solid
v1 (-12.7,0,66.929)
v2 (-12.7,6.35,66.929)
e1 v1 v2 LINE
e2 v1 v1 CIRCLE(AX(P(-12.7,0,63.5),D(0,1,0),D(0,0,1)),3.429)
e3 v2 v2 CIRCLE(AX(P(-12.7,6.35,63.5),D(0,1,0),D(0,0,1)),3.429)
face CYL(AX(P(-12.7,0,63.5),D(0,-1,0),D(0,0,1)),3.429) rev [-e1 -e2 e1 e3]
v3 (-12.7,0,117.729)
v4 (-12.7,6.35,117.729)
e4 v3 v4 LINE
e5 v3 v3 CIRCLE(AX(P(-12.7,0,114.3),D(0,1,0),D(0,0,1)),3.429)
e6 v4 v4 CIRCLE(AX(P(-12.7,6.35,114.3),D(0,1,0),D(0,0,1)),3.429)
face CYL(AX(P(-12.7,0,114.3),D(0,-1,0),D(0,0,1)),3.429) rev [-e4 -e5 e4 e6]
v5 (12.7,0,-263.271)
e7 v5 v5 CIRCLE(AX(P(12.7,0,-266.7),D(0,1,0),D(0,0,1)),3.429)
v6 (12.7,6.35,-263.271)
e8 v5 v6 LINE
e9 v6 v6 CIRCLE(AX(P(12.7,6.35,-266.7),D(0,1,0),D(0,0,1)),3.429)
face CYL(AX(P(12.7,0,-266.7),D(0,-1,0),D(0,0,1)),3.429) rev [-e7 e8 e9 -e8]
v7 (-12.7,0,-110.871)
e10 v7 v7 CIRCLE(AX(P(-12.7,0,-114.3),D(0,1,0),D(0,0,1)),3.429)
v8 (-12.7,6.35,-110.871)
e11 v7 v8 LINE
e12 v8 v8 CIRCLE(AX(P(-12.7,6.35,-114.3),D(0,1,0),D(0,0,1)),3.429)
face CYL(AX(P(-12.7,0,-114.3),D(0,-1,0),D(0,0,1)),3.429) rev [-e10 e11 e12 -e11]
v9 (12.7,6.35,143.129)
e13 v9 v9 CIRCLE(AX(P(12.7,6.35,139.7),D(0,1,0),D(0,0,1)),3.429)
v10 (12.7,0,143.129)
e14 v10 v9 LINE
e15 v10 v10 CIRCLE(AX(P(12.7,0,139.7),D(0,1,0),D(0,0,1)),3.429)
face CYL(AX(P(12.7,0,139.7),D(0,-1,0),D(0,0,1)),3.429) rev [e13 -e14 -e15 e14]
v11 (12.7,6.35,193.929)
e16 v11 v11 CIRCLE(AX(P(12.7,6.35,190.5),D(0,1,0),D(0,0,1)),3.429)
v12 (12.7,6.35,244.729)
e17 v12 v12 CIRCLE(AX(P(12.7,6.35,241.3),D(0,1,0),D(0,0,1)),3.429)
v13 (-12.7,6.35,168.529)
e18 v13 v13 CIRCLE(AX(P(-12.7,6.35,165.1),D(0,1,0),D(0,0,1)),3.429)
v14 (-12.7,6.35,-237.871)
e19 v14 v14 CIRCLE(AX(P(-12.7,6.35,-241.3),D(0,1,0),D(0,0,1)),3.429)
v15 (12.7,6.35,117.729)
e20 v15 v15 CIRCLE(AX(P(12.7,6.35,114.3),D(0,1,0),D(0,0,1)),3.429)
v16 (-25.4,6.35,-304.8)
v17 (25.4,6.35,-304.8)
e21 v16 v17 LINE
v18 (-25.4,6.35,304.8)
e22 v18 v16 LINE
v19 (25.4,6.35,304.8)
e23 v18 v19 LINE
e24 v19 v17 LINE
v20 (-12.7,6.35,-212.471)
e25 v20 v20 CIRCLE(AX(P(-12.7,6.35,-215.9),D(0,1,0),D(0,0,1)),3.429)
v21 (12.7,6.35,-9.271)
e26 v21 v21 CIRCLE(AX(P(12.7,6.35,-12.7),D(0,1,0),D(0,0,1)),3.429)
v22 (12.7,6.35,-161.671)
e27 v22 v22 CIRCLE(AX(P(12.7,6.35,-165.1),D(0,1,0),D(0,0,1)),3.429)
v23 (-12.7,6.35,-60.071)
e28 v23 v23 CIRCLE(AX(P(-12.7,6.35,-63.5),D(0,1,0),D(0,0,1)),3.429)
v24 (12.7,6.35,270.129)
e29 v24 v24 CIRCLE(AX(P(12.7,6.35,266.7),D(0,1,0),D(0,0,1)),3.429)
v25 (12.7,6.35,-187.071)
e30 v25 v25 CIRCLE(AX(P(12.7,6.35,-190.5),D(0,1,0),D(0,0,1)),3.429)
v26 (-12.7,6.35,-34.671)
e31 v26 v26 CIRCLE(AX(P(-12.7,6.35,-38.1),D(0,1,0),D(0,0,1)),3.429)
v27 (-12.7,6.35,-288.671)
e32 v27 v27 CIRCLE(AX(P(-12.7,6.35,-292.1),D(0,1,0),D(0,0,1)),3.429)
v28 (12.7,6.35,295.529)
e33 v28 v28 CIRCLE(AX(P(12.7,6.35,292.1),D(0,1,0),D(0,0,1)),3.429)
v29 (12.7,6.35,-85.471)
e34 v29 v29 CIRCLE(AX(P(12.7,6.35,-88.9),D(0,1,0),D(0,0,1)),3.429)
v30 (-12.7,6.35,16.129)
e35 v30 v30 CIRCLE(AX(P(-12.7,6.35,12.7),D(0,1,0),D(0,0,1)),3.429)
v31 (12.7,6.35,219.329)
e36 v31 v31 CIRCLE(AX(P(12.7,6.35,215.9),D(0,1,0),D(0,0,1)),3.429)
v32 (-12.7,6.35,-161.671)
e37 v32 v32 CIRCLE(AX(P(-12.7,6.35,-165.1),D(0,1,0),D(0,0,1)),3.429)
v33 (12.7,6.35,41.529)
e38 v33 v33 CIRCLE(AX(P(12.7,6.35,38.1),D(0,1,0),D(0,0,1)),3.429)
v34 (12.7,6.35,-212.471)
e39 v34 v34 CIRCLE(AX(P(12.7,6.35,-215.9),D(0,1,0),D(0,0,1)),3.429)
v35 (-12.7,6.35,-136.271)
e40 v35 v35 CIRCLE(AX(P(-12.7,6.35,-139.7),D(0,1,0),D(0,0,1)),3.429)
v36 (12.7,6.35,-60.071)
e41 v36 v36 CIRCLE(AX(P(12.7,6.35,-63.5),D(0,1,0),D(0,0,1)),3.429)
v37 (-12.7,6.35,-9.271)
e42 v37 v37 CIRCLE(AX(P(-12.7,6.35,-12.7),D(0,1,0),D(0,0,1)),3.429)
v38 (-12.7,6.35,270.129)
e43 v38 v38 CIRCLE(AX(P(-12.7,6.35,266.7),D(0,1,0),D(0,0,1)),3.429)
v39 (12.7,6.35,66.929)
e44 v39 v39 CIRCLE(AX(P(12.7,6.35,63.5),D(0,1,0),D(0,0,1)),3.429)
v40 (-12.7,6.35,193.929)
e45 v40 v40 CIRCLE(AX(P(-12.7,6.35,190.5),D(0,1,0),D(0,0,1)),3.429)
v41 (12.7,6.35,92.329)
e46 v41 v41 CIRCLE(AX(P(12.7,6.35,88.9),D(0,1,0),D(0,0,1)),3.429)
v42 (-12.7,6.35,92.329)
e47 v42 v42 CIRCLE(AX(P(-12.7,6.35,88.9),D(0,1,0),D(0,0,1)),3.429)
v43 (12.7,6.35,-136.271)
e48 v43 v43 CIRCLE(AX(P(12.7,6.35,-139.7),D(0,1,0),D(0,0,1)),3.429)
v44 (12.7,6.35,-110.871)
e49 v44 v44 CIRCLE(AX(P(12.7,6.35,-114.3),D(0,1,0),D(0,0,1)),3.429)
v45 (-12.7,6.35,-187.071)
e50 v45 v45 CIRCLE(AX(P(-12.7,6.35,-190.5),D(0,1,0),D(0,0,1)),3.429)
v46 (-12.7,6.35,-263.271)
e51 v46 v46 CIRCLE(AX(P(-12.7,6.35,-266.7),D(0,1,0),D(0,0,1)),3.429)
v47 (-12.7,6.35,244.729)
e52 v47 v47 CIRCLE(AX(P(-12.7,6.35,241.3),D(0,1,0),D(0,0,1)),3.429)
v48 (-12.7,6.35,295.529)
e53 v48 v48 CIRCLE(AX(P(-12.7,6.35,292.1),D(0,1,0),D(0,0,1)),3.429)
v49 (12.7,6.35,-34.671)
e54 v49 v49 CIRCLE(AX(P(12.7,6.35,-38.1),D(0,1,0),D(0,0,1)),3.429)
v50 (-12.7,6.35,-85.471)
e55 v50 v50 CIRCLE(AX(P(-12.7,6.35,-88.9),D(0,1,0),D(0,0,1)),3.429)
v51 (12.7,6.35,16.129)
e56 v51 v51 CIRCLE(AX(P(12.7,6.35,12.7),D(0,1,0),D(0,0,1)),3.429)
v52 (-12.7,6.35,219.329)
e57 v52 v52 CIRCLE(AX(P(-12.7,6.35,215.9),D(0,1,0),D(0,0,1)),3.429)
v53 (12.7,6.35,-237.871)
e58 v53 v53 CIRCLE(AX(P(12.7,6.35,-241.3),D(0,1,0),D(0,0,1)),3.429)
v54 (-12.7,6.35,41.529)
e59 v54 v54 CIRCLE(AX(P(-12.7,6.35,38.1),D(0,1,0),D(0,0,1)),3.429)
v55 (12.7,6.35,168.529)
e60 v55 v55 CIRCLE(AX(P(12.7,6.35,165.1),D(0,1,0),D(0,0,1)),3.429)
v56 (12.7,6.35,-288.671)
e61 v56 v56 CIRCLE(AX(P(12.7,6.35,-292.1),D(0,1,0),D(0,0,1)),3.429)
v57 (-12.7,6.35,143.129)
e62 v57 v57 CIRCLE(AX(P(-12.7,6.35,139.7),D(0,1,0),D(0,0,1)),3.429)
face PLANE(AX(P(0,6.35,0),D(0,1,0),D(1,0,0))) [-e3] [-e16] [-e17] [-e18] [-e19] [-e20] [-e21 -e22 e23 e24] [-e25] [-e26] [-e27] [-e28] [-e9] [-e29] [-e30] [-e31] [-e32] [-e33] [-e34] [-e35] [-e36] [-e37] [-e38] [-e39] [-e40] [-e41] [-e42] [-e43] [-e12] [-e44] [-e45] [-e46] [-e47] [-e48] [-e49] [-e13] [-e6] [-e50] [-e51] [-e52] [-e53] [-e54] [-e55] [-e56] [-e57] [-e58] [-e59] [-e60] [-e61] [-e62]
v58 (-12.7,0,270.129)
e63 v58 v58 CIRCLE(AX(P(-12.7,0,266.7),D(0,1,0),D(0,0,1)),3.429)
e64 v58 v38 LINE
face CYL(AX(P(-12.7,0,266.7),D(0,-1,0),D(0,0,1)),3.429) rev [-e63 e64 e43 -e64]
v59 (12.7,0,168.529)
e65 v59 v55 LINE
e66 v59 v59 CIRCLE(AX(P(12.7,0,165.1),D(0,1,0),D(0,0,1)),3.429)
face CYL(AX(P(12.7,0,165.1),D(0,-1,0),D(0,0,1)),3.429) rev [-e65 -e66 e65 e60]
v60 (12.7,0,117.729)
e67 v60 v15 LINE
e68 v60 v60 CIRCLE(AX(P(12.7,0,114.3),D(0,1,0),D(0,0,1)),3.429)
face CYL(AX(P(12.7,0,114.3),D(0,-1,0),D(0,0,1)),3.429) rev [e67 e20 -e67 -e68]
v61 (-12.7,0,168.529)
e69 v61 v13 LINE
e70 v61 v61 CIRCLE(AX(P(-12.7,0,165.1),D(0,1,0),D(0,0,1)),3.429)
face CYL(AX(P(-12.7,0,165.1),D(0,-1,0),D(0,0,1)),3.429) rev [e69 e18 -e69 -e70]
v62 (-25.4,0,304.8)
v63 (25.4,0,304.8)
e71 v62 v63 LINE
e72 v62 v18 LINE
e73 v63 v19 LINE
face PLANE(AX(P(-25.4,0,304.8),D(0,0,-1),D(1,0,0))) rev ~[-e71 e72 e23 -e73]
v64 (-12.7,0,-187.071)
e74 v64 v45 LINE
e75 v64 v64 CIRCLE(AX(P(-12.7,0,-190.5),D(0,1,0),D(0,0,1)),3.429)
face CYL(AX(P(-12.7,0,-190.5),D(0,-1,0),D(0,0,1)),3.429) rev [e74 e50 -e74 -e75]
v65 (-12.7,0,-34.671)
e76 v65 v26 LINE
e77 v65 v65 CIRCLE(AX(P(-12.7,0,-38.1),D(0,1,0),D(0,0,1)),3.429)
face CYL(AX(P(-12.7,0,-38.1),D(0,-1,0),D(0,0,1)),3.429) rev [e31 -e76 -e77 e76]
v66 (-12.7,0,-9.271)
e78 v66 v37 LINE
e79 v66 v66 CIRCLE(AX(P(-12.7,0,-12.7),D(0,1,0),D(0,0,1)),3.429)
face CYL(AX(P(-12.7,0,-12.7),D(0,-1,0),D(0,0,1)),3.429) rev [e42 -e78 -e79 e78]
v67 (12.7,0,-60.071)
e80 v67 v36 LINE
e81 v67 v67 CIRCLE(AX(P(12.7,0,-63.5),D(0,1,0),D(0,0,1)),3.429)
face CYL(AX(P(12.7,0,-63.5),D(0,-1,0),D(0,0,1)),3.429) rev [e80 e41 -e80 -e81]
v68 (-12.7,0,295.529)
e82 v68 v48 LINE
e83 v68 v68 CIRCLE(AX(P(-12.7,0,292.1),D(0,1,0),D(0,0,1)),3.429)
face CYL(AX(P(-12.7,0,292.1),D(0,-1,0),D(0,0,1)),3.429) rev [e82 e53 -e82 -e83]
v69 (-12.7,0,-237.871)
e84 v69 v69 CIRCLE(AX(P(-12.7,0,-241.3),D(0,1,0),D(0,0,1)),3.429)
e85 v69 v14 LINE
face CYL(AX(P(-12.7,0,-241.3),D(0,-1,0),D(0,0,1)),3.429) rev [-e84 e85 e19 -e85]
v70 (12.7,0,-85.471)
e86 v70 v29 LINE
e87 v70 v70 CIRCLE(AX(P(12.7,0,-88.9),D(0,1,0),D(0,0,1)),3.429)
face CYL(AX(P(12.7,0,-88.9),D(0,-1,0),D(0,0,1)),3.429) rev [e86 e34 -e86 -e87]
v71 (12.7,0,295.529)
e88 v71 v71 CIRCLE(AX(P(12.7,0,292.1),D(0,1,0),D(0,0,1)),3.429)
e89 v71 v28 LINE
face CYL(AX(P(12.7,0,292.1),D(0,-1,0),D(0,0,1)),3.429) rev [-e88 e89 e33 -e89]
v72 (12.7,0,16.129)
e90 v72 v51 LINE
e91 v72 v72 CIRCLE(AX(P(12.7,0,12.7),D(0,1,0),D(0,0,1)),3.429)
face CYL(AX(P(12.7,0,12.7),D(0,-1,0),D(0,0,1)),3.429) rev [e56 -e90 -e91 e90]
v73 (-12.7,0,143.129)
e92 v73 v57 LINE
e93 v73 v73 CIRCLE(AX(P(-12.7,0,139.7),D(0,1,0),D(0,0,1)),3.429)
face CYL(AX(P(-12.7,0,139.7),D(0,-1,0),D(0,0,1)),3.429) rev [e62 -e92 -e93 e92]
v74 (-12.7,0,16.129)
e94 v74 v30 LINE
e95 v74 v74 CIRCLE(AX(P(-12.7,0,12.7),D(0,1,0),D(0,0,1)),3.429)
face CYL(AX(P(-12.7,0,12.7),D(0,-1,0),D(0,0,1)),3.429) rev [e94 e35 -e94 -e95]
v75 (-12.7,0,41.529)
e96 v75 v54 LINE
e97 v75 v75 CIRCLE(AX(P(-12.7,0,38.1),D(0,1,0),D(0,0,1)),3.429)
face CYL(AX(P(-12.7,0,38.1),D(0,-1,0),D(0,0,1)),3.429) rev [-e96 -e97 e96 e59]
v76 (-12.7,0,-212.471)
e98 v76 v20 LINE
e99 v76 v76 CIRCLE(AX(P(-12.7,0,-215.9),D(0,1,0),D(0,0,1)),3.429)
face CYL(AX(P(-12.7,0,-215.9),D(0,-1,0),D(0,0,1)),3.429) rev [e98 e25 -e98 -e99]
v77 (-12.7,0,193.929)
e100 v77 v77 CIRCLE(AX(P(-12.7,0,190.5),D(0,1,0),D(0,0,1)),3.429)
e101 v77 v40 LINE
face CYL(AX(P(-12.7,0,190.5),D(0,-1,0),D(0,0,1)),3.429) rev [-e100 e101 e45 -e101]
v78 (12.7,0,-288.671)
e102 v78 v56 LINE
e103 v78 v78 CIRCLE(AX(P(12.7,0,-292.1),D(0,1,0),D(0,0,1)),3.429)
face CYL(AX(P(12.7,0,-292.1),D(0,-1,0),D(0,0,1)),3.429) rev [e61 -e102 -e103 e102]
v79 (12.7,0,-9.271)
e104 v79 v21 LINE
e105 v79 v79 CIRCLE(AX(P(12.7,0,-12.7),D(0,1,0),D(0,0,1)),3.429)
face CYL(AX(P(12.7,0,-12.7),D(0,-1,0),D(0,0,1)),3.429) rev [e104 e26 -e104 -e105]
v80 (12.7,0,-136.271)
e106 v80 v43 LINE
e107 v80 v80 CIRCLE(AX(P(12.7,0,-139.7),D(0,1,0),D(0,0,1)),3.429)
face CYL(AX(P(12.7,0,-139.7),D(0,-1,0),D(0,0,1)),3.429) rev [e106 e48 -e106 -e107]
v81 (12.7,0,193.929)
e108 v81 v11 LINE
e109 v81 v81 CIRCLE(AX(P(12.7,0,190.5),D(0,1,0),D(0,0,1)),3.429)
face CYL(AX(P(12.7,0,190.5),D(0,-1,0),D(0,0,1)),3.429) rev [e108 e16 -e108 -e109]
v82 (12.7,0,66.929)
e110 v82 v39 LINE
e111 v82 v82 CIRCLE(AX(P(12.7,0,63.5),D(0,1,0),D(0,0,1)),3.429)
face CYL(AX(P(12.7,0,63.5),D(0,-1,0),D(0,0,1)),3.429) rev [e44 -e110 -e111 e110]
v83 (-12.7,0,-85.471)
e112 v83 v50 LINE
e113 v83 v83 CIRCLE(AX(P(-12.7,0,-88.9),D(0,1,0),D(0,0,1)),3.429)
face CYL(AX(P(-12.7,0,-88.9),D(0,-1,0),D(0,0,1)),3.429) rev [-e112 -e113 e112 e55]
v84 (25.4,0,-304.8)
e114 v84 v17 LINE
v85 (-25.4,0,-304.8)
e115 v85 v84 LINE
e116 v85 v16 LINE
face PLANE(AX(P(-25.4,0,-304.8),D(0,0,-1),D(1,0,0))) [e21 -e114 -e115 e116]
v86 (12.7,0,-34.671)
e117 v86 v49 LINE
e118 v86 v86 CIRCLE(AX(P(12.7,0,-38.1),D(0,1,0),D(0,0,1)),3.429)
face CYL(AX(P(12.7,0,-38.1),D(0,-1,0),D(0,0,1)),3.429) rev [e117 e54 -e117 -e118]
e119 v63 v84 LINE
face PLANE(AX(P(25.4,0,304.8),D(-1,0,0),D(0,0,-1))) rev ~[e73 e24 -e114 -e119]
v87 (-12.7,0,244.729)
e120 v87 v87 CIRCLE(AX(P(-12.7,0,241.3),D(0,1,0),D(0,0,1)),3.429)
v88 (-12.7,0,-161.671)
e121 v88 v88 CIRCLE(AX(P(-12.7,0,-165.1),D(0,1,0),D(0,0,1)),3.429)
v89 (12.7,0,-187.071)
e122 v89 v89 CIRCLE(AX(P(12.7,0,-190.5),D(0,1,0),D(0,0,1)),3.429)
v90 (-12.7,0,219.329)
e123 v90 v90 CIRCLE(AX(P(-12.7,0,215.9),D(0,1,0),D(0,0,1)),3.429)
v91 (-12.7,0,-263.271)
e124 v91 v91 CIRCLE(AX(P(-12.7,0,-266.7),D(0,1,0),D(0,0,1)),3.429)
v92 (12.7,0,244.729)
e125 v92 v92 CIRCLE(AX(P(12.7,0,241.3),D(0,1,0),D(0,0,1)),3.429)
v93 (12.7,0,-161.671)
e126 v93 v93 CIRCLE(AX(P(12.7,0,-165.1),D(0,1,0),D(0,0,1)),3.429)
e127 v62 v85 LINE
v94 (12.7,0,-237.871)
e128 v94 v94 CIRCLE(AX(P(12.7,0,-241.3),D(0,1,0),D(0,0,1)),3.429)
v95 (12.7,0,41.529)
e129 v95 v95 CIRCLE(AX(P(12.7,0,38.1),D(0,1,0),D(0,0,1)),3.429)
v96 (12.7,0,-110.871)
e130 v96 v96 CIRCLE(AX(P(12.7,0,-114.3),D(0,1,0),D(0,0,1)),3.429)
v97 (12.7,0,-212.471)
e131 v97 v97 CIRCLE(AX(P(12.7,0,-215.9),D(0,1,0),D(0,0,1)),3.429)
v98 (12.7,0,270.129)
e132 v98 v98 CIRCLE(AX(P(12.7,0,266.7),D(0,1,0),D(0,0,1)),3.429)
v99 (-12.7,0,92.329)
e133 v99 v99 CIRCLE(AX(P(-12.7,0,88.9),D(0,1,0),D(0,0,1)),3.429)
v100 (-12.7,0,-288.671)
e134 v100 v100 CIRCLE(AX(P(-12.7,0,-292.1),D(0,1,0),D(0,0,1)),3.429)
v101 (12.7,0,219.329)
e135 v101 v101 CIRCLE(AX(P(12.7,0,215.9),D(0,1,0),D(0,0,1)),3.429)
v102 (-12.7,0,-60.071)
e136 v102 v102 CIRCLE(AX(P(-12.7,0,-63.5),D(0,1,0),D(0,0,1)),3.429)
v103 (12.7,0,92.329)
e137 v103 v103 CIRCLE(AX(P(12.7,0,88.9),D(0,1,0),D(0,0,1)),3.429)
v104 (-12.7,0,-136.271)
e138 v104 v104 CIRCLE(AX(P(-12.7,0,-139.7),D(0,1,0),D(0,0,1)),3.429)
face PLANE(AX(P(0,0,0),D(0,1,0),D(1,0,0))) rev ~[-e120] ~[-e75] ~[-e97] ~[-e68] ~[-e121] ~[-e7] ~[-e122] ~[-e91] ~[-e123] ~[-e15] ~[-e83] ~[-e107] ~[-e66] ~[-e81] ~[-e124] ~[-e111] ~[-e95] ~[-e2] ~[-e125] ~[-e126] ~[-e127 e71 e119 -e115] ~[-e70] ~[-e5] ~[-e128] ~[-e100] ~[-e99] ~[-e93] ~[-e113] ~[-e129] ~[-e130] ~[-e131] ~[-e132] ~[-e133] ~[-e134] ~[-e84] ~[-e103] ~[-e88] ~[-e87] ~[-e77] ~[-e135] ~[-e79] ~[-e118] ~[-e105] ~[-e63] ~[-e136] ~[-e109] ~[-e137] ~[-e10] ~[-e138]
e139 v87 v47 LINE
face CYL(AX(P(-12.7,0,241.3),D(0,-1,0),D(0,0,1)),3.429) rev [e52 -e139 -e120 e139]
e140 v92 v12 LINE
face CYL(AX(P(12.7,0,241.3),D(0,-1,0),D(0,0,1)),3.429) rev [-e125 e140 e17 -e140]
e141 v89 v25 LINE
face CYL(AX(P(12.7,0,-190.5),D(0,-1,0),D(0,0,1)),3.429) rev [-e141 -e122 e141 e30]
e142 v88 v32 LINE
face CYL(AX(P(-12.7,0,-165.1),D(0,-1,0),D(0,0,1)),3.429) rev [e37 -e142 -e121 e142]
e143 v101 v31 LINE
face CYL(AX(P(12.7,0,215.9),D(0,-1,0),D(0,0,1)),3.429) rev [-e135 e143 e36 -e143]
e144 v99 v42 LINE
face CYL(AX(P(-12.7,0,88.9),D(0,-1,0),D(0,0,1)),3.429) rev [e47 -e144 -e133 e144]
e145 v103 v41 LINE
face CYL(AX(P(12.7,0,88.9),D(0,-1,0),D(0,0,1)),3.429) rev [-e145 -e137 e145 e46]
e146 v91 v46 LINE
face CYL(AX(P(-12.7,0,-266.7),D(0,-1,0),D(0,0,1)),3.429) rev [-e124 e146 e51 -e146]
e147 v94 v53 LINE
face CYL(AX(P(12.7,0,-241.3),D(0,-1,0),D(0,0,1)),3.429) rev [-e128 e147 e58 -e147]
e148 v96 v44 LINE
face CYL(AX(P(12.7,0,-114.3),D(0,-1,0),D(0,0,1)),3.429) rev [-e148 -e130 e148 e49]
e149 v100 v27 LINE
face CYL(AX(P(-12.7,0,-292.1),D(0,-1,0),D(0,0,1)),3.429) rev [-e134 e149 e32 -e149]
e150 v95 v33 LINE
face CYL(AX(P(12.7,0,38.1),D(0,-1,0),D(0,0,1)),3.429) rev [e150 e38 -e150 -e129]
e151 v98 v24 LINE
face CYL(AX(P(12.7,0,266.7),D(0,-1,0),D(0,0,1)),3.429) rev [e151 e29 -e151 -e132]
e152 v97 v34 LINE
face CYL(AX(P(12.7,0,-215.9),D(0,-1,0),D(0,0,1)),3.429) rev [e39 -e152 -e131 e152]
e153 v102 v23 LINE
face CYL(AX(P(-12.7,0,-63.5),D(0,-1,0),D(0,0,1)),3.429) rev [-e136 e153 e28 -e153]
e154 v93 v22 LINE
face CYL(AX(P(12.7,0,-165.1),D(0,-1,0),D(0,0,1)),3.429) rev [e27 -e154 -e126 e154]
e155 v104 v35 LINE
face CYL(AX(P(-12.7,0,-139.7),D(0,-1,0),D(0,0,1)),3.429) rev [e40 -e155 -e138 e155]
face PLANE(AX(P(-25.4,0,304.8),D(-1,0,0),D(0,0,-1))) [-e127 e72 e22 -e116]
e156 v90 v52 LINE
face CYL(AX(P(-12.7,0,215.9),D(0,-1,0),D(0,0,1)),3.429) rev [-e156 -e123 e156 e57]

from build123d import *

# Parameters (mm, degrees)
SKETCH1_W           = 50.8
SKETCH1_H           = 609.6
SKETCH1_R           = 3.429
BOSS_EXTRUDE1_DEPTH = 6.35


with BuildPart() as part:
    # Sketch1 → Boss-Extrude1 (new body)
    with BuildSketch(Plane(origin=(0, 0, 0), x_dir=(1, 0, 0), z_dir=(0, 1, 0))):
        Rectangle(SKETCH1_W, SKETCH1_H)
        with Locations(Location((-12.7, 292.1, 0), (0, 0, 270))):
            Circle(SKETCH1_R, mode=Mode.SUBTRACT)
        with Locations(Location((12.7, 292.1, 0), (0, 0, 270))):
            Circle(SKETCH1_R, mode=Mode.SUBTRACT)
        with Locations(Location((12.7, 266.7, 0), (0, 0, 270))):
            Circle(SKETCH1_R, mode=Mode.SUBTRACT)
        with Locations(Location((12.7, 241.3, 0), (0, 0, 270))):
            Circle(SKETCH1_R, mode=Mode.SUBTRACT)
        with Locations(Location((12.7, 215.9, 0), (0, 0, 270))):
            Circle(SKETCH1_R, mode=Mode.SUBTRACT)
        with Locations(Location((12.7, 190.5, 0), (0, 0, 270))):
            Circle(SKETCH1_R, mode=Mode.SUBTRACT)
        with Locations(Location((12.7, 165.1, 0), (0, 0, 270))):
            Circle(SKETCH1_R, mode=Mode.SUBTRACT)
        with Locations(Location((12.7, 139.7, 0), (0, 0, 270))):
            Circle(SKETCH1_R, mode=Mode.SUBTRACT)
        with Locations(Location((12.7, 114.3, 0), (0, 0, 270))):
            Circle(SKETCH1_R, mode=Mode.SUBTRACT)
        with Locations(Location((12.7, 88.9, 0), (0, 0, 270))):
            Circle(SKETCH1_R, mode=Mode.SUBTRACT)
        with Locations(Location((12.7, 63.5, 0), (0, 0, 270))):
            Circle(SKETCH1_R, mode=Mode.SUBTRACT)
        with Locations(Location((12.7, 38.1, 0), (0, 0, 270))):
            Circle(SKETCH1_R, mode=Mode.SUBTRACT)
        with Locations(Location((12.7, 12.7, 0), (0, 0, 270))):
            Circle(SKETCH1_R, mode=Mode.SUBTRACT)
        with Locations(Location((12.7, -12.7, 0), (0, 0, 270))):
            Circle(SKETCH1_R, mode=Mode.SUBTRACT)
        with Locations(Location((12.7, -38.1, 0), (0, 0, 270))):
            Circle(SKETCH1_R, mode=Mode.SUBTRACT)
        with Locations(Location((12.7, -63.5, 0), (0, 0, 270))):
            Circle(SKETCH1_R, mode=Mode.SUBTRACT)
        with Locations(Location((12.7, -88.9, 0), (0, 0, 270))):
            Circle(SKETCH1_R, mode=Mode.SUBTRACT)
        with Locations(Location((12.7, -114.3, 0), (0, 0, 270))):
            Circle(SKETCH1_R, mode=Mode.SUBTRACT)
        with Locations(Location((12.7, -139.7, 0), (0, 0, 270))):
            Circle(SKETCH1_R, mode=Mode.SUBTRACT)
        with Locations(Location((12.7, -165.1, 0), (0, 0, 270))):
            Circle(SKETCH1_R, mode=Mode.SUBTRACT)
        with Locations(Location((12.7, -190.5, 0), (0, 0, 270))):
            Circle(SKETCH1_R, mode=Mode.SUBTRACT)
        with Locations(Location((12.7, -215.9, 0), (0, 0, 270))):
            Circle(SKETCH1_R, mode=Mode.SUBTRACT)
        with Locations(Location((12.7, -241.3, 0), (0, 0, 270))):
            Circle(SKETCH1_R, mode=Mode.SUBTRACT)
        with Locations(Location((12.7, -266.7, 0), (0, 0, 270))):
            Circle(SKETCH1_R, mode=Mode.SUBTRACT)
        with Locations(Location((12.7, -292.1, 0), (0, 0, 270))):
            Circle(SKETCH1_R, mode=Mode.SUBTRACT)
        with Locations(Location((-12.7, 266.7, 0), (0, 0, 270))):
            Circle(SKETCH1_R, mode=Mode.SUBTRACT)
        with Locations(Location((-12.7, 241.3, 0), (0, 0, 270))):
            Circle(SKETCH1_R, mode=Mode.SUBTRACT)
        with Locations(Location((-12.7, 215.9, 0), (0, 0, 270))):
            Circle(SKETCH1_R, mode=Mode.SUBTRACT)
        with Locations(Location((-12.7, 190.5, 0), (0, 0, 270))):
            Circle(SKETCH1_R, mode=Mode.SUBTRACT)
        with Locations(Location((-12.7, 165.1, 0), (0, 0, 270))):
            Circle(SKETCH1_R, mode=Mode.SUBTRACT)
        with Locations(Location((-12.7, 139.7, 0), (0, 0, 270))):
            Circle(SKETCH1_R, mode=Mode.SUBTRACT)
        with Locations(Location((-12.7, 114.3, 0), (0, 0, 270))):
            Circle(SKETCH1_R, mode=Mode.SUBTRACT)
        with Locations(Location((-12.7, 88.9, 0), (0, 0, 270))):
            Circle(SKETCH1_R, mode=Mode.SUBTRACT)
        with Locations(Location((-12.7, 63.5, 0), (0, 0, 270))):
            Circle(SKETCH1_R, mode=Mode.SUBTRACT)
        with Locations(Location((-12.7, 38.1, 0), (0, 0, 270))):
            Circle(SKETCH1_R, mode=Mode.SUBTRACT)
        with Locations(Location((-12.7, 12.7, 0), (0, 0, 270))):
            Circle(SKETCH1_R, mode=Mode.SUBTRACT)
        with Locations(Location((-12.7, -12.7, 0), (0, 0, 270))):
            Circle(SKETCH1_R, mode=Mode.SUBTRACT)
        with Locations(Location((-12.7, -38.1, 0), (0, 0, 270))):
            Circle(SKETCH1_R, mode=Mode.SUBTRACT)
        with Locations(Location((-12.7, -63.5, 0), (0, 0, 270))):
            Circle(SKETCH1_R, mode=Mode.SUBTRACT)
        with Locations(Location((-12.7, -88.9, 0), (0, 0, 270))):
            Circle(SKETCH1_R, mode=Mode.SUBTRACT)
        with Locations(Location((-12.7, -114.3, 0), (0, 0, 270))):
            Circle(SKETCH1_R, mode=Mode.SUBTRACT)
        with Locations(Location((-12.7, -139.7, 0), (0, 0, 270))):
            Circle(SKETCH1_R, mode=Mode.SUBTRACT)
        with Locations(Location((-12.7, -165.1, 0), (0, 0, 270))):
            Circle(SKETCH1_R, mode=Mode.SUBTRACT)
        with Locations(Location((-12.7, -190.5, 0), (0, 0, 270))):
            Circle(SKETCH1_R, mode=Mode.SUBTRACT)
        with Locations(Location((-12.7, -215.9, 0), (0, 0, 270))):
            Circle(SKETCH1_R, mode=Mode.SUBTRACT)
        with Locations(Location((-12.7, -241.3, 0), (0, 0, 270))):
            Circle(SKETCH1_R, mode=Mode.SUBTRACT)
        with Locations(Location((-12.7, -266.7, 0), (0, 0, 270))):
            Circle(SKETCH1_R, mode=Mode.SUBTRACT)
        with Locations(Location((-12.7, -292.1, 0), (0, 0, 270))):
            Circle(SKETCH1_R, mode=Mode.SUBTRACT)
    extrude(amount=BOSS_EXTRUDE1_DEPTH)


solid = part.part
